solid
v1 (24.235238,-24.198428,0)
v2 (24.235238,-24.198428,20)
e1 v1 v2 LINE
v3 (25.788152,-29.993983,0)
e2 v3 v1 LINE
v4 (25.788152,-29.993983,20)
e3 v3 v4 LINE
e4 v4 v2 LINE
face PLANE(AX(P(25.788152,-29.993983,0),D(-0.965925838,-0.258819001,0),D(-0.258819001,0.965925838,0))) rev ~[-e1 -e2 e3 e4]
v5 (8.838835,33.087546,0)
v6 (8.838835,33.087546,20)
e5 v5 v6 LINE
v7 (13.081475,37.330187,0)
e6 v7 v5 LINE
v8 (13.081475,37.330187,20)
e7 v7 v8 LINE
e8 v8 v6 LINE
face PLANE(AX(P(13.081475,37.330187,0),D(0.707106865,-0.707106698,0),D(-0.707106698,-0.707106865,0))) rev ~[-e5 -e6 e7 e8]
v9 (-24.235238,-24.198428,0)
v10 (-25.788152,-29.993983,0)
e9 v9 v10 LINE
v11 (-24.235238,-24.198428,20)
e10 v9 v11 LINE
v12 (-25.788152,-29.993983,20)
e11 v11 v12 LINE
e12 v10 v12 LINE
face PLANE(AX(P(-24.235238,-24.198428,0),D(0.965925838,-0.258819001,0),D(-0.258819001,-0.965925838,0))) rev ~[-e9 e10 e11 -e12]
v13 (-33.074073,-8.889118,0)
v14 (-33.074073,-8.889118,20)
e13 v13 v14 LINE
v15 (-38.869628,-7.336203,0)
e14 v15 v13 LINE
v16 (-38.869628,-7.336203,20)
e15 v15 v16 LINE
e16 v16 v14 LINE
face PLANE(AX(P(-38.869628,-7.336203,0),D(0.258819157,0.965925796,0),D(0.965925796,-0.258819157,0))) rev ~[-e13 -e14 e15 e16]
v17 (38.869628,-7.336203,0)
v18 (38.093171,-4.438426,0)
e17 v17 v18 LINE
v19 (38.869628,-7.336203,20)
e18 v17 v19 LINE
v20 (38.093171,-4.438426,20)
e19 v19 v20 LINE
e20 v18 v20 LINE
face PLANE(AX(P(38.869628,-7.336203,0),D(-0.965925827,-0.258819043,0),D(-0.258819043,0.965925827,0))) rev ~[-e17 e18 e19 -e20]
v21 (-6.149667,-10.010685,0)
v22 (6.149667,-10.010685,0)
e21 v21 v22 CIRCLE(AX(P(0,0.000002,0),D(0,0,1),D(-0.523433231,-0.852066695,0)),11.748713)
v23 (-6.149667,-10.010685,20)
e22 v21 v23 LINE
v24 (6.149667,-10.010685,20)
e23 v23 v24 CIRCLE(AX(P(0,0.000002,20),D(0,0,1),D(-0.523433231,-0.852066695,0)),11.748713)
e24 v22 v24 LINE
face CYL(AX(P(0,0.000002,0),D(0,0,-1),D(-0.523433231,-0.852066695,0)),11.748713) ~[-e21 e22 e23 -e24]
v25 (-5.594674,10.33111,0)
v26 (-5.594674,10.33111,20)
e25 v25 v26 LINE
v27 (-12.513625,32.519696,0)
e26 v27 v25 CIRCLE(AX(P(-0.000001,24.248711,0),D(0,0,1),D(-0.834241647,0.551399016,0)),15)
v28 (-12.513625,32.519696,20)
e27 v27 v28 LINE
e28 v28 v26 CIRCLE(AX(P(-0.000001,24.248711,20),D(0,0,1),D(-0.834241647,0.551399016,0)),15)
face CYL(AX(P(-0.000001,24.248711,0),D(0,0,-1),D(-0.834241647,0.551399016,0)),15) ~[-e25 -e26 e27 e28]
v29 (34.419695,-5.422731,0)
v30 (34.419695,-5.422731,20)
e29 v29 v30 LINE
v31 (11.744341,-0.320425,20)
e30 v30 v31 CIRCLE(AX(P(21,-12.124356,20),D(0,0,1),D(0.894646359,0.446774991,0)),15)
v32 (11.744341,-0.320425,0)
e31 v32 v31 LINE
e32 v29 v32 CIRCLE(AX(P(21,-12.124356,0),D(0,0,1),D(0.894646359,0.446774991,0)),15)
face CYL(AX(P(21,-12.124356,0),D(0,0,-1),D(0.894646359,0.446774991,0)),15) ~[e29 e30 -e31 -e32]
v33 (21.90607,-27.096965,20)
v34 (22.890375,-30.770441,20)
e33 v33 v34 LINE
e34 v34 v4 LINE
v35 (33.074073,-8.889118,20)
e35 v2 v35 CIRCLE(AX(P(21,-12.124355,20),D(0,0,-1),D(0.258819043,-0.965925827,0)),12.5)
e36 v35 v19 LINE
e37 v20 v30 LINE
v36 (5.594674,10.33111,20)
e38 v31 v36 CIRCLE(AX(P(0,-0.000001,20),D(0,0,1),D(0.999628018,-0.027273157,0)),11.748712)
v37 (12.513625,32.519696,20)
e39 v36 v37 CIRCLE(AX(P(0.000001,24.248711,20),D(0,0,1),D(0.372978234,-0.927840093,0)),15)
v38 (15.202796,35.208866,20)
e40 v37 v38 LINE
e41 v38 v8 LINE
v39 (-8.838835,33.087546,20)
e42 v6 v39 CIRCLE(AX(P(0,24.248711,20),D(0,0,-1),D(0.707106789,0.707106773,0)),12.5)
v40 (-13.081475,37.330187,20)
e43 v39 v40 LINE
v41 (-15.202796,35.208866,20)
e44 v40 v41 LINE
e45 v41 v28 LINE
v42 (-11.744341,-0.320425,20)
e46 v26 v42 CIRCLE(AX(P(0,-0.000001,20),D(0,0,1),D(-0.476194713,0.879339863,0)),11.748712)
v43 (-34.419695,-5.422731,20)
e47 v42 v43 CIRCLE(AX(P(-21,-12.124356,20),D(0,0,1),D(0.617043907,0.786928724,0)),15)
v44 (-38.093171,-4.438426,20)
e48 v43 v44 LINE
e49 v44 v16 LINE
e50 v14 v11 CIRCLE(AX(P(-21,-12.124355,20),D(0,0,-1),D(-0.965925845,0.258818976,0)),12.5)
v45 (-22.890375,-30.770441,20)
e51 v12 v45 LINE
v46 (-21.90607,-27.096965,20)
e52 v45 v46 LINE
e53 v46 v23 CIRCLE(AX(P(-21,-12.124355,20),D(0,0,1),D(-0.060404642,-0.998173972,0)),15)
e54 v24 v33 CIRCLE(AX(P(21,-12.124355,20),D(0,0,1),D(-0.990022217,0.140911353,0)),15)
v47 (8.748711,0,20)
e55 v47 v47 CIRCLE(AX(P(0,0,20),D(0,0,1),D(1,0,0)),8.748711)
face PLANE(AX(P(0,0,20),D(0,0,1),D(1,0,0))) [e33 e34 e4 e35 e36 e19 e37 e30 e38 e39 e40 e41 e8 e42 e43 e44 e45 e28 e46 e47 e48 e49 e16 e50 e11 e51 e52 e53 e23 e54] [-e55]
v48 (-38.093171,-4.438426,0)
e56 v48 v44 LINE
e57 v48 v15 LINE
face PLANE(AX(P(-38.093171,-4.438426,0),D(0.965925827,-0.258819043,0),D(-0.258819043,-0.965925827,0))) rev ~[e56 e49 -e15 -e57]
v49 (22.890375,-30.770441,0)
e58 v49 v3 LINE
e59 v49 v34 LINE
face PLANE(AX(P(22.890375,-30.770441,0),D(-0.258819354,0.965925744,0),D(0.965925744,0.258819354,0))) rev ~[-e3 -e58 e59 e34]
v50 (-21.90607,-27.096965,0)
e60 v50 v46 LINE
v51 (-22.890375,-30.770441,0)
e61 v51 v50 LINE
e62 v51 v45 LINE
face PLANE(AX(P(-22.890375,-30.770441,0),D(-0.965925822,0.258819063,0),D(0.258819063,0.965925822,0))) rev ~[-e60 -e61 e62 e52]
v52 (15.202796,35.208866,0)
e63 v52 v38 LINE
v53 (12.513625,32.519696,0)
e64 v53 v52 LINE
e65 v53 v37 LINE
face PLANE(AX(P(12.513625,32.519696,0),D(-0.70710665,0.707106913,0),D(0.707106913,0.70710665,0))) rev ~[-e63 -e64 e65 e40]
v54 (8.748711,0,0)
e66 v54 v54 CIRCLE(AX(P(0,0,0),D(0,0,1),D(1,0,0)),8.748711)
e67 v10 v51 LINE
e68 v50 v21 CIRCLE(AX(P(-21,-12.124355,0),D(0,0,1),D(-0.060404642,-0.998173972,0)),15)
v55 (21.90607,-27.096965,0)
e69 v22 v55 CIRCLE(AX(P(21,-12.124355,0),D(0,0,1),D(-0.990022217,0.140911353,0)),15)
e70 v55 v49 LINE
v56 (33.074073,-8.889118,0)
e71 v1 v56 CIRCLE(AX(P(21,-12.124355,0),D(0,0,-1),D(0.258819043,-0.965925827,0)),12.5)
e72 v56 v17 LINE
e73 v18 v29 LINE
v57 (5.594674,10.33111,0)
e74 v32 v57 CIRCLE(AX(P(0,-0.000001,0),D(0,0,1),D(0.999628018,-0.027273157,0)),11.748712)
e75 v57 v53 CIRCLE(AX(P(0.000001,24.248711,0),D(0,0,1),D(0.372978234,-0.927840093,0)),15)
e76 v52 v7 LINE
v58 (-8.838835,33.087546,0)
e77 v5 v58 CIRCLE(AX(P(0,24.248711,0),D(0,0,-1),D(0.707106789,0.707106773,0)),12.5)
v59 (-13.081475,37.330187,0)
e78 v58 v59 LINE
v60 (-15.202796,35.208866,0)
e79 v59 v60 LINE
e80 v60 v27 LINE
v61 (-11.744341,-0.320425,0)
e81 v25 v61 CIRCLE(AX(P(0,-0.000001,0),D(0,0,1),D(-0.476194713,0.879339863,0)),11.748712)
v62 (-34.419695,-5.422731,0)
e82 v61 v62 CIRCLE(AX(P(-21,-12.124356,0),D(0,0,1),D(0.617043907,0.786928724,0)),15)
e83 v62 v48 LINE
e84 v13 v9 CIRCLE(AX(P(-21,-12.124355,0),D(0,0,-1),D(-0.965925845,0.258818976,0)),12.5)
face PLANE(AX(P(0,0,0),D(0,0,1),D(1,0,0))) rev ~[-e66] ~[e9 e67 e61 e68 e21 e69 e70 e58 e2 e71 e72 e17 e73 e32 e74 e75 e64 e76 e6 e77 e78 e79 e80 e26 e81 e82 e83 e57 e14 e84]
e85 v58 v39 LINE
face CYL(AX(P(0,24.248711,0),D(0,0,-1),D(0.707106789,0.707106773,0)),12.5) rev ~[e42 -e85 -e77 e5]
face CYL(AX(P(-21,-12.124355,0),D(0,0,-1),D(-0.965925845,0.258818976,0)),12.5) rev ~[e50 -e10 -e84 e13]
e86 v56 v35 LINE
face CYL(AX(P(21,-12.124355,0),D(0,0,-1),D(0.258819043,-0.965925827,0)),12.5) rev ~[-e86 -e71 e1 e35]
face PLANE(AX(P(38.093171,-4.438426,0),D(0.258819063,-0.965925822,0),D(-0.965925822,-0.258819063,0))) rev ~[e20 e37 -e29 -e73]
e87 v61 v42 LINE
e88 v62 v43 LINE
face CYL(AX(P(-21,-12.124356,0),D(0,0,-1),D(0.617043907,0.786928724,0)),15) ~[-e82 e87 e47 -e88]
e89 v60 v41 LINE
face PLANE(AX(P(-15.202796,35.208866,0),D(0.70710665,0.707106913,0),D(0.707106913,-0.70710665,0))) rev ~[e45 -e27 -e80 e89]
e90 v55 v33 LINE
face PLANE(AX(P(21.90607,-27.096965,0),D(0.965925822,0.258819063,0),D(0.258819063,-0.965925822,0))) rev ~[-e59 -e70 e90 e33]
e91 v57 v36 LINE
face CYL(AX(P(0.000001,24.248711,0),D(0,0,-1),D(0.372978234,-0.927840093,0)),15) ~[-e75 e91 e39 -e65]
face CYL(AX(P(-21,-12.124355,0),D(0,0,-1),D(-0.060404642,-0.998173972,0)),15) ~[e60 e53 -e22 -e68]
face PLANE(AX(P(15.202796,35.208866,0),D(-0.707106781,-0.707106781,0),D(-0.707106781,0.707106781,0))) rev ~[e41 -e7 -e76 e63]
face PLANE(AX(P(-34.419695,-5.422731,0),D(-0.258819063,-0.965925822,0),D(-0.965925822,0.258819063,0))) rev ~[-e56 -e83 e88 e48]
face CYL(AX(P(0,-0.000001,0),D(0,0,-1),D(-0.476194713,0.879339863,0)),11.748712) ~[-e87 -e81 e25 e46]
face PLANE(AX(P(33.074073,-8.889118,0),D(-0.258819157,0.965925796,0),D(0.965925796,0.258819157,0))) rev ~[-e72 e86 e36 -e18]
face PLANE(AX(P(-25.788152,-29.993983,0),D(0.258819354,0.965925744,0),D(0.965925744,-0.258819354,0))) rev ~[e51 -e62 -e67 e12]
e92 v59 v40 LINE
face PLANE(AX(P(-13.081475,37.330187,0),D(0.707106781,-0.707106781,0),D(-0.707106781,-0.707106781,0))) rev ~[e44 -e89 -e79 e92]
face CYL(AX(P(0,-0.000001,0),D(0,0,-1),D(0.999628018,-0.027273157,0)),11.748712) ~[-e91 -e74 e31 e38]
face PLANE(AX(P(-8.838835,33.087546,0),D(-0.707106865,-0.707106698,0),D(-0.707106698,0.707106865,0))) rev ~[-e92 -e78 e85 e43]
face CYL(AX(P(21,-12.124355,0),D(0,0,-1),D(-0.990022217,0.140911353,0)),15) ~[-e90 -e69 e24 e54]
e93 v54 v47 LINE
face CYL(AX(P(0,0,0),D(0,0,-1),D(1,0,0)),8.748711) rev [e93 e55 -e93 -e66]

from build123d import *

# Parameters (mm, degrees)
F0_R     = 8.748711
F1_DEPTH = 20


with BuildPart() as f1:
    # F0 (on Top) → F1 (new body)
    with BuildSketch(Plane.XY):
        with BuildLine():
            ThreePointArc((8.838835, 33.087546), (0, 11.748711), (-8.838835, 33.087546))
            Line((-8.838835, 33.087546), (-13.081475, 37.330187))
            Line((-13.081475, 37.330187), (-15.202796, 35.208866))
            Line((-15.202796, 35.208866), (-12.513625, 32.519696))
            ThreePointArc((-12.513625, 32.519696), (-14.31995, 19.783396), (-5.594674, 10.33111))
            ThreePointArc((-5.594674, 10.33111), (-10.174682, 5.874356), (-11.744341, -0.320425))
            ThreePointArc((-11.744341, -0.320425), (-24.292898, 2.509742), (-34.419695, -5.422731))
            Line((-34.419695, -5.422731), (-38.093171, -4.438426))
            Line((-38.093171, -4.438426), (-38.869628, -7.336203))
            Line((-38.869628, -7.336203), (-33.074073, -8.889118))
            ThreePointArc((-33.074073, -8.889118), (-10.174682, -5.874356), (-24.235238, -24.198428))
            Line((-24.235238, -24.198428), (-25.788152, -29.993983))
            Line((-25.788152, -29.993983), (-22.890375, -30.770441))
            Line((-22.890375, -30.770441), (-21.90607, -27.096965))
            ThreePointArc((-21.90607, -27.096965), (-9.972949, -22.293138), (-6.149667, -10.010685))
            ThreePointArc((-6.149667, -10.010685), (0, -11.748711), (6.149667, -10.010685))
            ThreePointArc((6.149667, -10.010685), (9.972949, -22.293138), (21.90607, -27.096965))
            Line((21.90607, -27.096965), (22.890375, -30.770441))
            Line((22.890375, -30.770441), (25.788152, -29.993983))
            Line((25.788152, -29.993983), (24.235238, -24.198428))
            ThreePointArc((24.235238, -24.198428), (10.174682, -5.874356), (33.074073, -8.889118))
            Line((33.074073, -8.889118), (38.869628, -7.336203))
            Line((38.869628, -7.336203), (38.093171, -4.438426))
            Line((38.093171, -4.438426), (34.419695, -5.422731))
            ThreePointArc((34.419695, -5.422731), (24.292898, 2.509742), (11.744341, -0.320425))
            ThreePointArc((11.744341, -0.320425), (10.174682, 5.874356), (5.594674, 10.33111))
            ThreePointArc((5.594674, 10.33111), (14.31995, 19.783396), (12.513625, 32.519696))
            Line((12.513625, 32.519696), (15.202796, 35.208866))
            Line((15.202796, 35.208866), (13.081475, 37.330187))
            Line((13.081475, 37.330187), (8.838835, 33.087546))
        make_face()
        Circle(F0_R, mode=Mode.SUBTRACT)
    extrude(amount=F1_DEPTH)


solid = f1.part
